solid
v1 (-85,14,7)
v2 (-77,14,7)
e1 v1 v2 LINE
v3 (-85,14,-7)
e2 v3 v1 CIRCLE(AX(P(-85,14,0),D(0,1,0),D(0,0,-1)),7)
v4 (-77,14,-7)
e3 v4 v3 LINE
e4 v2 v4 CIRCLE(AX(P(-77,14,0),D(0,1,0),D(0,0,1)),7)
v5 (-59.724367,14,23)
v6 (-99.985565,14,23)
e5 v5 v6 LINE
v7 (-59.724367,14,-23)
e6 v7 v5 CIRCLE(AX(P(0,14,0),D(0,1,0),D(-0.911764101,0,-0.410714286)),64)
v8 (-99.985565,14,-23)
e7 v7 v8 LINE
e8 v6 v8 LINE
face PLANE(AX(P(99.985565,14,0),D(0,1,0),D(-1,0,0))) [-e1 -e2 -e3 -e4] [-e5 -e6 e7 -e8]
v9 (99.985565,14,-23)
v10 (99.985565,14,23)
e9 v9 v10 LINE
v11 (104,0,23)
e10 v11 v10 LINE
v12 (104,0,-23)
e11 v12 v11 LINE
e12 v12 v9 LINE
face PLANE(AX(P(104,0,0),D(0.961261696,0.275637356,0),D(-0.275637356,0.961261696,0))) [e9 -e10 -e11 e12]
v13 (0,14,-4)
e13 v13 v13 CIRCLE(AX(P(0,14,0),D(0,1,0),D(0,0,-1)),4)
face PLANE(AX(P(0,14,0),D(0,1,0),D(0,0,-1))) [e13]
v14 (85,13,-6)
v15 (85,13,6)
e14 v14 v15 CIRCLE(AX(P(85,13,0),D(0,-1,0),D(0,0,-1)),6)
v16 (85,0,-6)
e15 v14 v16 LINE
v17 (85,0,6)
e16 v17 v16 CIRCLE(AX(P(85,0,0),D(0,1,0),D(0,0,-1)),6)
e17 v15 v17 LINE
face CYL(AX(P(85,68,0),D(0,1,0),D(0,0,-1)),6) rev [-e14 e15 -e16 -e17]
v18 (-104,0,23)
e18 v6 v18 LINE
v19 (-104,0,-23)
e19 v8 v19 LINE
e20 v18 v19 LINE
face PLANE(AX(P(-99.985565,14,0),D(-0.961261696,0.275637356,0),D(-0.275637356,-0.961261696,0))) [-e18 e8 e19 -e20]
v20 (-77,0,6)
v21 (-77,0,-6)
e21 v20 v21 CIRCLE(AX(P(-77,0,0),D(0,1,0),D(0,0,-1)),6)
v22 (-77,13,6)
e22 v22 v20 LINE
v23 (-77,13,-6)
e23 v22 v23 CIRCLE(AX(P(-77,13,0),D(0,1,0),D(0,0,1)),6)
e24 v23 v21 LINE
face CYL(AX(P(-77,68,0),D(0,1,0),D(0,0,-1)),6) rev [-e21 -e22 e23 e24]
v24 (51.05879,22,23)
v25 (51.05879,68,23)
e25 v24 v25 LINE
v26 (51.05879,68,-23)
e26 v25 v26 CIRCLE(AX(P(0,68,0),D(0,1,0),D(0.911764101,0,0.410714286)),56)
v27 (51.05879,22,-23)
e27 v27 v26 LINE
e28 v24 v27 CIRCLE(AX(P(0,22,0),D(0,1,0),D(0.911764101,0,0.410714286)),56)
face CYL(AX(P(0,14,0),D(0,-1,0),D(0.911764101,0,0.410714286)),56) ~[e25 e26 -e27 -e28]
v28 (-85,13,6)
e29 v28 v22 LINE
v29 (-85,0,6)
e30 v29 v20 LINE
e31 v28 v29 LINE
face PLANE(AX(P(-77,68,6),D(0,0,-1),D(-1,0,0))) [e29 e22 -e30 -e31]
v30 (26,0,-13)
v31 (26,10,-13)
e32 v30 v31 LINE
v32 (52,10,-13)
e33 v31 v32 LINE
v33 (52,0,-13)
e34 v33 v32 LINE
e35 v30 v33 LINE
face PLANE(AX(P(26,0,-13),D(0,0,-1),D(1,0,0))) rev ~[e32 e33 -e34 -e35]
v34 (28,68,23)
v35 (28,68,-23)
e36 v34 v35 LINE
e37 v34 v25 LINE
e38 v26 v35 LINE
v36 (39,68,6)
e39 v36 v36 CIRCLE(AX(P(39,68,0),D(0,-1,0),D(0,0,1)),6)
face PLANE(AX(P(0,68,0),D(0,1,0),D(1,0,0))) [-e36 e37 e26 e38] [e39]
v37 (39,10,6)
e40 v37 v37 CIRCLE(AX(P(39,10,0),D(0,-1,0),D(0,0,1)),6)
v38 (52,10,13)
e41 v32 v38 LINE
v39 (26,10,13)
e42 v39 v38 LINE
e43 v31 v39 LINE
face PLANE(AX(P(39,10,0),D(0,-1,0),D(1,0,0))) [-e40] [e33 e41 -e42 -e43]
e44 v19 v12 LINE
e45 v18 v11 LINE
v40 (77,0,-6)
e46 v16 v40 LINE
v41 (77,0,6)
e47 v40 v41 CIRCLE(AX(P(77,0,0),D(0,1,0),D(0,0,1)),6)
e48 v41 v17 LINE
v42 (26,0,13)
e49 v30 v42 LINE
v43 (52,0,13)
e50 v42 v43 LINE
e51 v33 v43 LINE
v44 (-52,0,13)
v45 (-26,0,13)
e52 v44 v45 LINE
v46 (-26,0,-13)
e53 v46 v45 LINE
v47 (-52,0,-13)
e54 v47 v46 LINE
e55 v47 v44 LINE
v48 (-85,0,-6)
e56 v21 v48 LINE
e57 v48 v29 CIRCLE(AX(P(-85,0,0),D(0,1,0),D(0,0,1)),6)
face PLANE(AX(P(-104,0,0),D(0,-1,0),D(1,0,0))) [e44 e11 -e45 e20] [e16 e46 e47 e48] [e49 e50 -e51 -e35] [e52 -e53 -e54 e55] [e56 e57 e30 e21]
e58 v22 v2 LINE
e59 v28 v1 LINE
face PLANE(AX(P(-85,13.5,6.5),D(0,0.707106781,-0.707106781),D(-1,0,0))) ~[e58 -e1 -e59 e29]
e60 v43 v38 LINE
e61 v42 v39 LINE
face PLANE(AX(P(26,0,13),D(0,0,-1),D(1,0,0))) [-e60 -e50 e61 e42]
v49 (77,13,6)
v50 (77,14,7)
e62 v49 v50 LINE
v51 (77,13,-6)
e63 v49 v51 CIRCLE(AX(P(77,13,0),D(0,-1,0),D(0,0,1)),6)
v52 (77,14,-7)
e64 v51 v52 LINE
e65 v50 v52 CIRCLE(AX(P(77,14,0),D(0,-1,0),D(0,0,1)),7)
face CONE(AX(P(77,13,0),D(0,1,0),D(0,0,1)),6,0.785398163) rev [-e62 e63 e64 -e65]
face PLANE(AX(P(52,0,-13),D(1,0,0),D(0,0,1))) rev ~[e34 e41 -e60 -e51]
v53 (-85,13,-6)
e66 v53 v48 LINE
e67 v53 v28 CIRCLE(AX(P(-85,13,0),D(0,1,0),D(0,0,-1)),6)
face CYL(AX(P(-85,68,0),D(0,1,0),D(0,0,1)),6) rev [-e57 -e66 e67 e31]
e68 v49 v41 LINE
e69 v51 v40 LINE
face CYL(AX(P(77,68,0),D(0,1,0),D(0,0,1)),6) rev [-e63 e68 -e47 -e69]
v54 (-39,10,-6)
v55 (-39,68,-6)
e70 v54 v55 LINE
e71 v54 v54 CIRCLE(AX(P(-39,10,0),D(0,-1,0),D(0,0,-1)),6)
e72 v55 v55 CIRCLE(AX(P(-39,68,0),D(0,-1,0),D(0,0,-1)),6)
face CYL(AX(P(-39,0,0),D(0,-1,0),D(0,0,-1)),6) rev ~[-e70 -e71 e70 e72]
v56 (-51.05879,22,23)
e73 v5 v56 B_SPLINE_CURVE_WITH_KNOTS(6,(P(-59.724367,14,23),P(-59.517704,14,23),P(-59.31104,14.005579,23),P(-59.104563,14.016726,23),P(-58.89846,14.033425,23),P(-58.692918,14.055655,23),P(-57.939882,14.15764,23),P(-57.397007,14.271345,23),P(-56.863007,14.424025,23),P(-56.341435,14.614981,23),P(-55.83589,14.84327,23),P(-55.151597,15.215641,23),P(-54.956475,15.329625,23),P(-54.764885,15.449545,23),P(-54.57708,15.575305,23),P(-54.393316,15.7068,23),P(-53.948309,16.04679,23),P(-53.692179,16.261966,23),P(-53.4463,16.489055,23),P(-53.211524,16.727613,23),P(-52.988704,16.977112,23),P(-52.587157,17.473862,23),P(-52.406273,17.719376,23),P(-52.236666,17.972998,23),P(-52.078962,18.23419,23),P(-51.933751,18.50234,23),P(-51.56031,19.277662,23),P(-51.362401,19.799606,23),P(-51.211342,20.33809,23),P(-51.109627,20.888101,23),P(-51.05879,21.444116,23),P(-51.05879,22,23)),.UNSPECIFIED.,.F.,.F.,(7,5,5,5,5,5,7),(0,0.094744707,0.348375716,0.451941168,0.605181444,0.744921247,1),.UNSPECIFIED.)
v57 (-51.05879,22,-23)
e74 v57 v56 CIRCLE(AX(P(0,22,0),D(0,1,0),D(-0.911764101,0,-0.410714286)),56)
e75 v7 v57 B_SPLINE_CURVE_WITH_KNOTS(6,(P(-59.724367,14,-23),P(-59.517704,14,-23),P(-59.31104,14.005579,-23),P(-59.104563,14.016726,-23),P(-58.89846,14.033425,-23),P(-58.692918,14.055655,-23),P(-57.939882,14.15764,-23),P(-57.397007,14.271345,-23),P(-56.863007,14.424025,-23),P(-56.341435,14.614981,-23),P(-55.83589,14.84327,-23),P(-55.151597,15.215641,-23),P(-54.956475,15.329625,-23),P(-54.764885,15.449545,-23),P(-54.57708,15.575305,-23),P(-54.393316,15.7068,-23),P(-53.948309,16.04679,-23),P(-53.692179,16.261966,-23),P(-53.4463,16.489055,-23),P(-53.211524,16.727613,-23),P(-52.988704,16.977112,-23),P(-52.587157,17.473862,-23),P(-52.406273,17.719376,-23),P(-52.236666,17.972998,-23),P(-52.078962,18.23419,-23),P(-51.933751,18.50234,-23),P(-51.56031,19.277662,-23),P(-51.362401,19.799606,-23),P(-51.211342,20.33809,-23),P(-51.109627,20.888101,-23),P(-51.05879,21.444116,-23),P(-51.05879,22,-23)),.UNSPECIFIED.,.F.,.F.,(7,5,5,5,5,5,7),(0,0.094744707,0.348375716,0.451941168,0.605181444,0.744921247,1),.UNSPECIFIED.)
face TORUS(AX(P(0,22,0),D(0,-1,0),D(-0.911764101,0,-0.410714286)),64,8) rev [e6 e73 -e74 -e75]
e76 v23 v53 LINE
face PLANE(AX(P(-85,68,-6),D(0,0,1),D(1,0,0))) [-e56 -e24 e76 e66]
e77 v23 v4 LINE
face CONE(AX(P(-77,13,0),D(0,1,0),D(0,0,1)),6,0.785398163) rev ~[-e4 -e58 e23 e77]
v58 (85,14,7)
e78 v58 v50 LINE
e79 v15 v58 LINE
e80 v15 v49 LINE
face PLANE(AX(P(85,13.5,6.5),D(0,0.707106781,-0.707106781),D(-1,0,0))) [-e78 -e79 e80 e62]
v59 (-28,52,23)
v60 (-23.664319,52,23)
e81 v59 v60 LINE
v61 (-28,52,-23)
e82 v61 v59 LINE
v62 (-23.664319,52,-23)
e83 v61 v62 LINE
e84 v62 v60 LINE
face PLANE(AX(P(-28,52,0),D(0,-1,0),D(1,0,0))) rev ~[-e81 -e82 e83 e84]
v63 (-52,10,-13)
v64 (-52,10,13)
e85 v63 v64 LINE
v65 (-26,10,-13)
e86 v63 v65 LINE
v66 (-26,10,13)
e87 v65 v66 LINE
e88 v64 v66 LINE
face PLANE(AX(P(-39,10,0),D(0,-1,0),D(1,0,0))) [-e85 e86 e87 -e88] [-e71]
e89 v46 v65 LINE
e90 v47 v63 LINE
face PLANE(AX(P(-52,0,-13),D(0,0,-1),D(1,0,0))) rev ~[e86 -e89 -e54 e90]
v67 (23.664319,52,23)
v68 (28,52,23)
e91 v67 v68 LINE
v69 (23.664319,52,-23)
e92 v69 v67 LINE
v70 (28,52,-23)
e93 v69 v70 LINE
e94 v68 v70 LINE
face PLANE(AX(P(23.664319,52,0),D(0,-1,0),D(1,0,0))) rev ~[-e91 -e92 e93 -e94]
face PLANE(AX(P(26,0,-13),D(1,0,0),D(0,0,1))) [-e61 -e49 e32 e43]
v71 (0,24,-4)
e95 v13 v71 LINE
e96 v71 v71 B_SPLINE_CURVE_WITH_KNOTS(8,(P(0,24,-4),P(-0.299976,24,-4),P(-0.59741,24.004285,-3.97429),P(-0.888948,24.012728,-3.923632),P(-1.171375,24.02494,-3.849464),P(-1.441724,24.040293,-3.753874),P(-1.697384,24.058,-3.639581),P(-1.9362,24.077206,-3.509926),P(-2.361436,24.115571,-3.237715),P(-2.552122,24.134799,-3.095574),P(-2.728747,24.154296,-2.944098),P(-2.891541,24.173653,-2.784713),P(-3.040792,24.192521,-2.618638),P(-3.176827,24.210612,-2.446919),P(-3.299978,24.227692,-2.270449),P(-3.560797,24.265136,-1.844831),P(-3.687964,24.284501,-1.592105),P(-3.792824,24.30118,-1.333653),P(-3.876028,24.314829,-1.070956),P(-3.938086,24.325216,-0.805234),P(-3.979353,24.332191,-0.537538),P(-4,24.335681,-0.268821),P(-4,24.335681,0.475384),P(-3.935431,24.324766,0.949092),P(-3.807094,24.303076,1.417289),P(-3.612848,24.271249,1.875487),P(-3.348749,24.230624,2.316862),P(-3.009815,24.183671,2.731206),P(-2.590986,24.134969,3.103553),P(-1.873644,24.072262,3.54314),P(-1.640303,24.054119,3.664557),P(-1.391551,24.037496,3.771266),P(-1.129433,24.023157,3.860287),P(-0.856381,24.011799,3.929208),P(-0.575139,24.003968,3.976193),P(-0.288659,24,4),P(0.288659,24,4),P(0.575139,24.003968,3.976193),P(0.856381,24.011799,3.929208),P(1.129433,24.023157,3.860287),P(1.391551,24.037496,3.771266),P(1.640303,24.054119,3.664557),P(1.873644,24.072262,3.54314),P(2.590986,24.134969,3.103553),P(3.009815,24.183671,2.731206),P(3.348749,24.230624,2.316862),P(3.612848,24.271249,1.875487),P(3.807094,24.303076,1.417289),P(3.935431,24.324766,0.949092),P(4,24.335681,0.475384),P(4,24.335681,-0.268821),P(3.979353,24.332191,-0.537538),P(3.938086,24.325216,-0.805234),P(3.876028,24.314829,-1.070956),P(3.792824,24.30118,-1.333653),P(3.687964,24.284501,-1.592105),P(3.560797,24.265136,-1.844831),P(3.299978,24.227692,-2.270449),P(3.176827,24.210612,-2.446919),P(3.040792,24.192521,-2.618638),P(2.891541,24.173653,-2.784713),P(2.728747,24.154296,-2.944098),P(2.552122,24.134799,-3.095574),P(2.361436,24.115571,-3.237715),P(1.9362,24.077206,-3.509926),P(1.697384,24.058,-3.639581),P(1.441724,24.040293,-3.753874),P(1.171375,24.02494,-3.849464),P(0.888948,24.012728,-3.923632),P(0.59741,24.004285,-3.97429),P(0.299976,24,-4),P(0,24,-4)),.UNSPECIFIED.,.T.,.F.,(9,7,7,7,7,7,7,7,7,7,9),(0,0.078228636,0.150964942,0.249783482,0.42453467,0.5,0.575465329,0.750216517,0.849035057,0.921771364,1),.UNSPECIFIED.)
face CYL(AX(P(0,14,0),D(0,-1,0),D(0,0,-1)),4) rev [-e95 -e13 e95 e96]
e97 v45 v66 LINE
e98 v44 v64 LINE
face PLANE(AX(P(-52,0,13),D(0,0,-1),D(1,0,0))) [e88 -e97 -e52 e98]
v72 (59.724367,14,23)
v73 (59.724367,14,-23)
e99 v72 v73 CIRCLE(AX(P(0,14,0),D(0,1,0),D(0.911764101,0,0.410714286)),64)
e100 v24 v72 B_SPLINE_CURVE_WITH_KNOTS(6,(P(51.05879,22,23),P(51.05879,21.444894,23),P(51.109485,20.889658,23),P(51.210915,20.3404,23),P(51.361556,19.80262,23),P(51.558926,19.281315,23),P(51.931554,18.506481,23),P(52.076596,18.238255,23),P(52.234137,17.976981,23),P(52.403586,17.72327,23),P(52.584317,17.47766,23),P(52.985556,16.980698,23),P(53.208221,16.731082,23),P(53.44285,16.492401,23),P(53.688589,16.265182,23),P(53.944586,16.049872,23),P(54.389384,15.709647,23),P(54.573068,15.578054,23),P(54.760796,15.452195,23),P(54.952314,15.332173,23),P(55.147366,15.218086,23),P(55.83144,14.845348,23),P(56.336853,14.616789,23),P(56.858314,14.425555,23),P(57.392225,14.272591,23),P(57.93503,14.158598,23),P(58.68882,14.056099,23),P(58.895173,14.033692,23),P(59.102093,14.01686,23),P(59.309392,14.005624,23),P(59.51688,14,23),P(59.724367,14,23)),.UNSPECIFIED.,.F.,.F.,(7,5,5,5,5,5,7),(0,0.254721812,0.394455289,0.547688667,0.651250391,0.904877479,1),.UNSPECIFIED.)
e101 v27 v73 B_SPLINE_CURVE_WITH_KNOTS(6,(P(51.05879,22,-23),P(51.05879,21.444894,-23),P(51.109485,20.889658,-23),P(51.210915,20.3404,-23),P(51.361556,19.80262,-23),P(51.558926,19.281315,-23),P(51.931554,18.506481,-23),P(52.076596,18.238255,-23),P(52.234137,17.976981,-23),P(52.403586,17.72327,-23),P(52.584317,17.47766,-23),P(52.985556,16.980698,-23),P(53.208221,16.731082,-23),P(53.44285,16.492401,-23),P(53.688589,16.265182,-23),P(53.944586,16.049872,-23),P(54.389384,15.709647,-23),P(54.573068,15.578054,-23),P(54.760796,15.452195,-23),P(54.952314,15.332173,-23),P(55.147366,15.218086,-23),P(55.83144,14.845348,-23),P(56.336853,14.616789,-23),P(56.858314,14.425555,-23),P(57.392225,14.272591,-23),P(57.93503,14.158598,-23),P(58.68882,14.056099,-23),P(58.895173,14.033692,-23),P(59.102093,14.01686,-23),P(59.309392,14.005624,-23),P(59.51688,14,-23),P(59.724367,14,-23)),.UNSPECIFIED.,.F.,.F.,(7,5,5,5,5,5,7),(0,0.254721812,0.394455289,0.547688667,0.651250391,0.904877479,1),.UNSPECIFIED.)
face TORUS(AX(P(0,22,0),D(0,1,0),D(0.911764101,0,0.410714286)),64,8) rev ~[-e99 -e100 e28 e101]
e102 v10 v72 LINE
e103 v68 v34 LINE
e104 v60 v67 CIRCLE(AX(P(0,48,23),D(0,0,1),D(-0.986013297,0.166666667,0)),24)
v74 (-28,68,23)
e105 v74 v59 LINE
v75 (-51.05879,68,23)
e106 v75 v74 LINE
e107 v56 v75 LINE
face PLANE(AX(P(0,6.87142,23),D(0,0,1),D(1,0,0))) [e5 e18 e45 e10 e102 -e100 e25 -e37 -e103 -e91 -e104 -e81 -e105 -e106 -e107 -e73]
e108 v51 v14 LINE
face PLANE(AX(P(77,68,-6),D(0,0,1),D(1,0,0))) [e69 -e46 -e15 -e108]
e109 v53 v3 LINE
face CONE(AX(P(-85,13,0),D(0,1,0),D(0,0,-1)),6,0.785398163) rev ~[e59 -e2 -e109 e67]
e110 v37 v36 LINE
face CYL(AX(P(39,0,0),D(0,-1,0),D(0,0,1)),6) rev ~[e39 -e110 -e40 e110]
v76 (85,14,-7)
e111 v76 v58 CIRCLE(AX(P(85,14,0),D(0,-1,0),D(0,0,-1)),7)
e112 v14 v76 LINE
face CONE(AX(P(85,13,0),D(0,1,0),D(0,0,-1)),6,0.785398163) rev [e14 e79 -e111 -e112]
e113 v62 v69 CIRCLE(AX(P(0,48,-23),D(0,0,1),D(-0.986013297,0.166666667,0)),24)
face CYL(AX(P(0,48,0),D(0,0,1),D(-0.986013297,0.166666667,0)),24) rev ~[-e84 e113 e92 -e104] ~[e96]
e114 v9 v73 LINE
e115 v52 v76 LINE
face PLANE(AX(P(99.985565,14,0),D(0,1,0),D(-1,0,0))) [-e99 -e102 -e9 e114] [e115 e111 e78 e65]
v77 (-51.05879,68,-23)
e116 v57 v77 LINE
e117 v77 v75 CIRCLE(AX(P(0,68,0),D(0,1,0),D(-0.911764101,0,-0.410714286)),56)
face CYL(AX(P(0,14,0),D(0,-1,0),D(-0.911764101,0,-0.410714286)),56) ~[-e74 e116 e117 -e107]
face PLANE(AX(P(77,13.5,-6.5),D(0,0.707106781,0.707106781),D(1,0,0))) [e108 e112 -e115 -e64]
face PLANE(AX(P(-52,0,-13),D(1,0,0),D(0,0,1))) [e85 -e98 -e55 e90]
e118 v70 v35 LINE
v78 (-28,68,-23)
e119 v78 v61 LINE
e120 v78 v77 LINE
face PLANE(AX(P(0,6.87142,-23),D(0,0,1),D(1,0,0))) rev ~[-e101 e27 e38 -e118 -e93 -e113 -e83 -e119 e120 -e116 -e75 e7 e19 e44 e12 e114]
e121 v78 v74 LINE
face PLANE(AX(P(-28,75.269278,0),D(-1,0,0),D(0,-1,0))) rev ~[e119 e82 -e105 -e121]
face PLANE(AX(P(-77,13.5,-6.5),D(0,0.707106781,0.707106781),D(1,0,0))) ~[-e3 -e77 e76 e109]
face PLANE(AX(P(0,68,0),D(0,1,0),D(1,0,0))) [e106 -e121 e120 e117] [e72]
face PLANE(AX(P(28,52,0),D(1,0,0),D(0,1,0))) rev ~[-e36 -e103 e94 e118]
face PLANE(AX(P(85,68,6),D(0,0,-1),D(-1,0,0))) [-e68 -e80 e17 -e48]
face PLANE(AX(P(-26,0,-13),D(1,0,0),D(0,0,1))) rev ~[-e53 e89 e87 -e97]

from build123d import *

# Parameters (mm, degrees)
BOSS_EXTRUDE2_DEPTH = 23
BOSS_EXTRUDE3_DEPTH = 54
CUT_EXTRUDE1_DEPTH  = 27
CUT_EXTRUDE3_DEPTH  = 127.368508735
SKETCH8_W           = 26
SKETCH8_H           = 26
CUT_EXTRUDE4_DEPTH  = 10
SKETCH9_R           = 6
CUT_EXTRUDE5_DEPTH  = 127.368508735
SKETCH10_R          = 4
CUT_EXTRUDE7_DEPTH  = 52
CHAMFER2_SIZE       = 1
FILLET1_R           = 8


with BuildPart() as part:
    # Sketch1 → Boss-Extrude2 (new, symmetric)
    with BuildSketch(Plane.XY):
        Polygon((-104, 0), (104, 0), (99.985564599, 14), (-99.985564599, 14), align=None)
    extrude(amount=BOSS_EXTRUDE2_DEPTH, both=True)

    # Sketch3 → Boss-Extrude3 (add)
    with BuildSketch(Plane(origin=(0, 14, 0), x_dir=(1, 0, 0), z_dir=(0, 1, 0))):
        with BuildLine():
            ThreePointArc((51.058789645, -23), (56, 0), (51.058789645, 23))
            Line((51.058789645, 23), (-51.058789645, 23))
            ThreePointArc((-51.058789645, 23), (-56, 0), (-51.058789645, -23))
            Line((-51.058789645, -23), (51.058789645, -23))
        make_face()
    extrude(amount=BOSS_EXTRUDE3_DEPTH)

    # Sketch5 → Cut-Extrude1 (cut, symmetric)
    with BuildSketch(Plane.XY):
        with BuildLine():
            Line((-28, 75.269278216), (-28, 52))
            Line((-28, 52), (-23.664319132, 52))
            ThreePointArc((-23.664319132, 52), (0, 24), (23.664319132, 52))
            Line((23.664319132, 52), (28, 52))
            Line((28, 52), (28, 75.269278216))
            Line((28, 75.269278216), (-28, 75.269278216))
        make_face()
    extrude(amount=CUT_EXTRUDE1_DEPTH, both=True, mode=Mode.SUBTRACT)

    # Sketch6 → Cut-Extrude3 (cut, through all)
    with BuildSketch(Plane(origin=(0, 68, 0), x_dir=(1, 0, 0), z_dir=(0, 1, 0))):
        with BuildLine():
            Line((-85, 6), (-77, 6))
            ThreePointArc((-77, 6), (-71, 0), (-77, -6))
            Line((-77, -6), (-85, -6))
            ThreePointArc((-85, -6), (-91, 0), (-85, 6))
        make_face()
        with BuildLine():
            Line((77, 6), (85, 6))
            ThreePointArc((85, 6), (91, 0), (85, -6))
            Line((85, -6), (77, -6))
            ThreePointArc((77, -6), (71, 0), (77, 6))
        make_face()
    extrude(amount=-CUT_EXTRUDE3_DEPTH, mode=Mode.SUBTRACT)

    # Sketch8 → Cut-Extrude4 (cut)
    with BuildSketch(Plane.XZ):
        with Locations((39, 0)):
            Rectangle(SKETCH8_W, SKETCH8_H)
        with Locations((-39, 0)):
            Rectangle(SKETCH8_W, SKETCH8_H)
    extrude(amount=-CUT_EXTRUDE4_DEPTH, mode=Mode.SUBTRACT)

    # Sketch9 → Cut-Extrude5 (cut, through all)
    with BuildSketch(Plane.XZ):
        with Locations(Location((-39, 0, 0), (0, 0, 270))):
            Circle(SKETCH9_R)
        with Locations(Location((39, 0, 0), (0, 0, 90))):
            Circle(SKETCH9_R)
    extrude(amount=-CUT_EXTRUDE5_DEPTH, mode=Mode.SUBTRACT)

    # Sketch10 → Cut-Extrude7 (cut)
    with BuildSketch(Plane(origin=(0, 14, 0), x_dir=(1, 0, 0), z_dir=(0, 1, 0))):
        with Locations(Location((0, 0, 0), (0, 0, 90))):
            Circle(SKETCH10_R)
    extrude(amount=CUT_EXTRUDE7_DEPTH, mode=Mode.SUBTRACT)

    # Chamfer2
    chamfer2_edges = [part.edges().sort_by_distance(p)[0] for p in [
        (81, 14, 6),
        (91, 14, 0),
        (81, 14, -6),
        (71, 14, 0),
        (-91, 14, 0),
        (-81, 14, -6),
        (-71, 14, 0),
        (-81, 14, 6),
    ]]
    chamfer(chamfer2_edges, length=CHAMFER2_SIZE)

    # Fillet1
    fillet1_edges = [part.edges().sort_by_distance(p)[0] for p in [
        (56, 14, 0),
        (-56, 14, 0),
    ]]
    fillet(fillet1_edges, radius=FILLET1_R)


solid = part.part
